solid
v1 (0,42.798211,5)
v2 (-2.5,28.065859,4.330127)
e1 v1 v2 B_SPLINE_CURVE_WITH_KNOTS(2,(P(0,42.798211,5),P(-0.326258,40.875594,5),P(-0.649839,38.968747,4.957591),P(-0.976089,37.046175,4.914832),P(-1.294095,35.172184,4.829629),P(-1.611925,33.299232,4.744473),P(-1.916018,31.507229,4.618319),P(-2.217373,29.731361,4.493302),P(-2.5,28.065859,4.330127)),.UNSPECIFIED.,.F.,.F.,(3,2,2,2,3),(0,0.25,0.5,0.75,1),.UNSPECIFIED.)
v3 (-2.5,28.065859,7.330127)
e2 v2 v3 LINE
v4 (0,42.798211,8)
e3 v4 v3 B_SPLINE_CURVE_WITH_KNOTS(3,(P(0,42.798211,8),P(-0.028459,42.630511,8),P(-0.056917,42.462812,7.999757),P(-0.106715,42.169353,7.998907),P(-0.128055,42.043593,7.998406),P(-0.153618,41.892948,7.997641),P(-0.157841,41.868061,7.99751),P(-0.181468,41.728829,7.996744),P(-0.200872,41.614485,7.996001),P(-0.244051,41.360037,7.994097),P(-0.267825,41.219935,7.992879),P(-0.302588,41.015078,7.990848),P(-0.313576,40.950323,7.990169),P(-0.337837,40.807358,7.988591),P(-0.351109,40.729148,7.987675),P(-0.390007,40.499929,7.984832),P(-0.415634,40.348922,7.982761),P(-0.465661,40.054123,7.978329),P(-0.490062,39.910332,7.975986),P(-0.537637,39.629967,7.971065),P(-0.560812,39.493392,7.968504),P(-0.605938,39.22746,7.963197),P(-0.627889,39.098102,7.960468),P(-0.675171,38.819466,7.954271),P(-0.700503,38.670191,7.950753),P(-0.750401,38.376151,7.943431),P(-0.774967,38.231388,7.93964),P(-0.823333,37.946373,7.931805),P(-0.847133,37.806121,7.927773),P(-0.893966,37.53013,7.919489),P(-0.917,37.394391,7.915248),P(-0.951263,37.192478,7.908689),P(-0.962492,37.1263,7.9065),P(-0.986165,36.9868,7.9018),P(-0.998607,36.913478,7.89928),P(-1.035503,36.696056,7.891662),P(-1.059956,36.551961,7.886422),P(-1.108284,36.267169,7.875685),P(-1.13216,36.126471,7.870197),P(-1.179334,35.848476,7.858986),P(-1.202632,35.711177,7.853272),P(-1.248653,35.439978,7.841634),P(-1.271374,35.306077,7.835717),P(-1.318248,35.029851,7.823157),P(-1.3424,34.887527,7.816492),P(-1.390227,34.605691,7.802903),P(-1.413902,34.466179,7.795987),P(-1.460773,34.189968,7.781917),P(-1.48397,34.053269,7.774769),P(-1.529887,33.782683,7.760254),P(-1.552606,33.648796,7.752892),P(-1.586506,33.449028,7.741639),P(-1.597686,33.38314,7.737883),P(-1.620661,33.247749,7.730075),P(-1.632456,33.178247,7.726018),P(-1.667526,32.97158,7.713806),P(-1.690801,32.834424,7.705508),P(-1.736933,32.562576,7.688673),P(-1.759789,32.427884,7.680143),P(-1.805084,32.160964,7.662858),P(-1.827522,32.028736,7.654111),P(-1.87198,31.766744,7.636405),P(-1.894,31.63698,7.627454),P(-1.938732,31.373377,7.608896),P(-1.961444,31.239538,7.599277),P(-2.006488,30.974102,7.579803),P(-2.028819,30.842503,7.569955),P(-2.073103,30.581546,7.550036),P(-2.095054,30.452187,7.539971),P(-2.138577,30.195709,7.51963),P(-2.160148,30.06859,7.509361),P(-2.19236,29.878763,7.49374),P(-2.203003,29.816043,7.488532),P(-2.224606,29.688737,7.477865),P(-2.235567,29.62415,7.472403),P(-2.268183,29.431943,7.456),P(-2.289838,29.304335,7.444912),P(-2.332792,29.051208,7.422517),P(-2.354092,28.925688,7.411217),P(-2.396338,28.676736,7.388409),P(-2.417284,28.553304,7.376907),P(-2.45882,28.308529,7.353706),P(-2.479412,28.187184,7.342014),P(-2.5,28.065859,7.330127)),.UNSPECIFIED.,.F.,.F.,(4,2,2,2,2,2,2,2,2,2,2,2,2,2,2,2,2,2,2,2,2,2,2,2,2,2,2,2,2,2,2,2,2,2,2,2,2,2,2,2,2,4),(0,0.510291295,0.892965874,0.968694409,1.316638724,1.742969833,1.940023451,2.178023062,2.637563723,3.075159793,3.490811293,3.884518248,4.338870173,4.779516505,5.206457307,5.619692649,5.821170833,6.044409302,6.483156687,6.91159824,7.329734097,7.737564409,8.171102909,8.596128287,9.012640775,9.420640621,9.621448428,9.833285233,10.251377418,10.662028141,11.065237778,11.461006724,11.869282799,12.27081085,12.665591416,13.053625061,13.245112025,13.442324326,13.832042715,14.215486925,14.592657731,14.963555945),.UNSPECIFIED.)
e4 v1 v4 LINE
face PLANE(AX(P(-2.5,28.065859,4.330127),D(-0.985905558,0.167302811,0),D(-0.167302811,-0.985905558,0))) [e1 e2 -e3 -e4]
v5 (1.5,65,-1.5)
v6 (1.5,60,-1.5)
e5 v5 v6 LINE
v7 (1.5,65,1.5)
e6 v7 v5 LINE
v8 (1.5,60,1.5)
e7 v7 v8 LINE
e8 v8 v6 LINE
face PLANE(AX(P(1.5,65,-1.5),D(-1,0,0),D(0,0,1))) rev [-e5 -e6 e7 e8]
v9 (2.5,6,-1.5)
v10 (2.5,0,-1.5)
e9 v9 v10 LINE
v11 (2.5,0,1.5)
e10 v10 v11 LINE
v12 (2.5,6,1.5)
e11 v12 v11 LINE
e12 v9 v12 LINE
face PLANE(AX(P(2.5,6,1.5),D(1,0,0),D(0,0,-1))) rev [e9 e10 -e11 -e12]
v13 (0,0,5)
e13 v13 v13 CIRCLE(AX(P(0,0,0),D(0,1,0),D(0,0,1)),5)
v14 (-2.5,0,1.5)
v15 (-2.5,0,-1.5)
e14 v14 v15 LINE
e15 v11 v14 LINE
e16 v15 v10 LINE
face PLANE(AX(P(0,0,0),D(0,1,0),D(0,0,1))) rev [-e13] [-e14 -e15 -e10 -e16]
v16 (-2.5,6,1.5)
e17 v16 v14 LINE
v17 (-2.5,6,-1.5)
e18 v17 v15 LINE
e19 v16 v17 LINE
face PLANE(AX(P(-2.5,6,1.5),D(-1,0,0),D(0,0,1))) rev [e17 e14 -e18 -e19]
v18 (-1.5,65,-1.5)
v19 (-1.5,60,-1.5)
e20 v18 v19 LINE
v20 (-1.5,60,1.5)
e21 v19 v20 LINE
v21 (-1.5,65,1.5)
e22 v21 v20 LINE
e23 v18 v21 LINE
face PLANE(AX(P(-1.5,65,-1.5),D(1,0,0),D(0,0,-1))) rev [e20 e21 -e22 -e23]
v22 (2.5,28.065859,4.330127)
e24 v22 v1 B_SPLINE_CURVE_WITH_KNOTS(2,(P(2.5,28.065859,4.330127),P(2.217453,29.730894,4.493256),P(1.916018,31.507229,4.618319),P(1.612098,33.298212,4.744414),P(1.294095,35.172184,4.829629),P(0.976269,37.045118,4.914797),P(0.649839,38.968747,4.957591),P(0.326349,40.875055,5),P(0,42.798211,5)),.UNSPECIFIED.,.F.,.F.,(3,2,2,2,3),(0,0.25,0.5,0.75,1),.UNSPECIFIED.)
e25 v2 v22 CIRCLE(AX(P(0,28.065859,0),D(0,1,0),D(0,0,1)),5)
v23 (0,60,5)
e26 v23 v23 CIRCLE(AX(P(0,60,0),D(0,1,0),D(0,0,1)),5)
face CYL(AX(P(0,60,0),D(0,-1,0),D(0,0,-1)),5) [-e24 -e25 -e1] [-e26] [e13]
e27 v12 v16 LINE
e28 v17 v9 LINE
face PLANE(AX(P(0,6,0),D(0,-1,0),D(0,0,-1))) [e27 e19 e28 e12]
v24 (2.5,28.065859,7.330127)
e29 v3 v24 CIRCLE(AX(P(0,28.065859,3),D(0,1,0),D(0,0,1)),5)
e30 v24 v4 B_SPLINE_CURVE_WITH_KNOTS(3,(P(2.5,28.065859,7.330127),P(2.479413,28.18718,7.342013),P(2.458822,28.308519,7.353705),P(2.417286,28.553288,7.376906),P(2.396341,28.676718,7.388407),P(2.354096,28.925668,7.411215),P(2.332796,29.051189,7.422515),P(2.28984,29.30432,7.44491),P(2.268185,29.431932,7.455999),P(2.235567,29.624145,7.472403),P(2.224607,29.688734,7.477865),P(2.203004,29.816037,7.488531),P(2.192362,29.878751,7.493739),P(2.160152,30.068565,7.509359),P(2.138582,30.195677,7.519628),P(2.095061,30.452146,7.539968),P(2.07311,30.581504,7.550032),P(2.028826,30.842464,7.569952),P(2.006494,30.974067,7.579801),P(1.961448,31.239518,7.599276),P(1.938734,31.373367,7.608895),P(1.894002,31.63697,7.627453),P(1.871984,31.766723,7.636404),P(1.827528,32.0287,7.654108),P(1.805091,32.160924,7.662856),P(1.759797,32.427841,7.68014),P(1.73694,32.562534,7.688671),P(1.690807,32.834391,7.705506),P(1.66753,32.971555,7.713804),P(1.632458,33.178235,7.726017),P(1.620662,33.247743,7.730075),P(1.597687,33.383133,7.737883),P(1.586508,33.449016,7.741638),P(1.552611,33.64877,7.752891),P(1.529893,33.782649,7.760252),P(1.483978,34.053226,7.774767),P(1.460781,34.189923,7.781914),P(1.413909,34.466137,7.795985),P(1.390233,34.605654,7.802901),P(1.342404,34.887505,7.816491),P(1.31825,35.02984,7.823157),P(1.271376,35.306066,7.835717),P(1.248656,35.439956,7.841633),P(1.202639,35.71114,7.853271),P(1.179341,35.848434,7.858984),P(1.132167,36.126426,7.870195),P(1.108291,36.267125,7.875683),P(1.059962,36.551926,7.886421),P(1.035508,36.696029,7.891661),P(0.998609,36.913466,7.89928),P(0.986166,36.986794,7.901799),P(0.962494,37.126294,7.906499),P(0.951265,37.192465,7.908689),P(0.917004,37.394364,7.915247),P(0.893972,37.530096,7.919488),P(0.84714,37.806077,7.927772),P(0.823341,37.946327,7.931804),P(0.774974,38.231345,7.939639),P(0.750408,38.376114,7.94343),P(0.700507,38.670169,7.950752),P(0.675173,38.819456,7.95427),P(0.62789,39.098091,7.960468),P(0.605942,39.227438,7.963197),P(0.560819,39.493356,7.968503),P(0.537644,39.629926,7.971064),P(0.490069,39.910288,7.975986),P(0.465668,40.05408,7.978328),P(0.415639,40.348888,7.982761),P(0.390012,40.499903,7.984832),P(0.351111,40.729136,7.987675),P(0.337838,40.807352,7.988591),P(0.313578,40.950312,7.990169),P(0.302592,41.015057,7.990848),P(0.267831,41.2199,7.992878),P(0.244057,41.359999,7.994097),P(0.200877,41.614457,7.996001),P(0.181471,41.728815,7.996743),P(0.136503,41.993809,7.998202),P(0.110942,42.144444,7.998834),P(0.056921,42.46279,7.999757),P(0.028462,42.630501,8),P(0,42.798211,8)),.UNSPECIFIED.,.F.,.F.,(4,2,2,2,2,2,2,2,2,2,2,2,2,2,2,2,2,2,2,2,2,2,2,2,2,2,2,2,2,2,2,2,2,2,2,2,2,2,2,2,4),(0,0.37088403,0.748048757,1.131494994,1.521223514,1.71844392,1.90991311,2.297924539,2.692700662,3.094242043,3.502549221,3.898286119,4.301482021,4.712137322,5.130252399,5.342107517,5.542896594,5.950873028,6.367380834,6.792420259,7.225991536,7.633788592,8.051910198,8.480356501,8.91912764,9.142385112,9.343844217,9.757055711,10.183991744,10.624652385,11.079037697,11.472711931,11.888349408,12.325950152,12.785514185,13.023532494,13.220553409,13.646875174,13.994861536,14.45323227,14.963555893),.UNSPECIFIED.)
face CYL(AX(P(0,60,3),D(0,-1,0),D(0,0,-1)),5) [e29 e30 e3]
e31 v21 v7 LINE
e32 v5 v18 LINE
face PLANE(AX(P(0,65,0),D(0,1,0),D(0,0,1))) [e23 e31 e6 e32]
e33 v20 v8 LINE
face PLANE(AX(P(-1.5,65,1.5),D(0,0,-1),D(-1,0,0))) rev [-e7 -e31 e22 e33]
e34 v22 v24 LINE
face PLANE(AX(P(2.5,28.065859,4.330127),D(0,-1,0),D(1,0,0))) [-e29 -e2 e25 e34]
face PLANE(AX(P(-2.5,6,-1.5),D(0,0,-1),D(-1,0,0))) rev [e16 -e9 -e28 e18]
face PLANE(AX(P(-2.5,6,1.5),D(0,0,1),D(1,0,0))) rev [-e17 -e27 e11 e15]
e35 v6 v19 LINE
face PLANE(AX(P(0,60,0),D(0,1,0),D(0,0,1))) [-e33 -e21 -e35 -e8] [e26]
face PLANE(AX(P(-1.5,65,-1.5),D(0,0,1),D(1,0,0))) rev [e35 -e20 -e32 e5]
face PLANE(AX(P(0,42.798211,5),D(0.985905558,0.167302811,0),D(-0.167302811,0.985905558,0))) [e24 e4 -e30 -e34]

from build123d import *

# Parameters (mm, degrees)
SKETCH1_R                  = 5
BOSS_EXTRUDE1_DEPTH        = 60
SKETCH2_W                  = 5
SKETCH2_H                  = 3
CUT_EXTRUDE1_DEPTH         = 6
BOSS_EXTRUDE2_REACH        = 65.415
BOSS_EXTRUDE2_START_RADIUS = 5
BOSS_EXTRUDE2_END_RADIUS   = 5
SKETCH4_W                  = 3
SKETCH4_H                  = 3
BOSS_EXTRUDE3_DEPTH        = 5


with BuildPart() as part:
    # Sketch1 → Boss-Extrude1 (new body)
    with BuildSketch(Plane(origin=(0, 0, 0), x_dir=(1, 0, 0), z_dir=(0, 1, 0))):
        Circle(SKETCH1_R)
    extrude(amount=BOSS_EXTRUDE1_DEPTH)

    # Sketch2 → Cut-Extrude1 (cut)
    with BuildSketch(Plane.XZ):
        Rectangle(SKETCH2_W, SKETCH2_H)
    extrude(amount=-CUT_EXTRUDE1_DEPTH, mode=Mode.SUBTRACT)

    # Boss-Extrude2: from a cylinder face, 65.415 long prism both ways, kept between that surface and its translate by the depth
    boss_extrude2_start = Plane(origin=(0, 32.976643, 0), z_dir=(0, -1, 0)) * Cylinder(BOSS_EXTRUDE2_START_RADIUS, 141.83, mode=Mode.PRIVATE)
    boss_extrude2_end = Plane(origin=(0, 32.976643, 3), z_dir=(0, -1, 0)) * Cylinder(BOSS_EXTRUDE2_END_RADIUS, 141.83, mode=Mode.PRIVATE)
    # Sketch3 → Boss-Extrude2 (add, from a surface)
    with BuildSketch(Plane.XY, mode=Mode.PRIVATE) as boss_extrude2_sk1:
        Polygon((0, 42.798210841), (-2.5, 28.065858852), (2.5, 28.065858852), align=None)
    boss_extrude2_tool1 = extrude(boss_extrude2_sk1.sketch, amount=BOSS_EXTRUDE2_REACH, both=True, mode=Mode.PRIVATE)
    add(((boss_extrude2_tool1 - boss_extrude2_start) & boss_extrude2_end).solids().sort_by_distance((0, 60, 5))[0])

    # Sketch4 → Boss-Extrude3 (add)
    with BuildSketch(Plane(origin=(0, 60, 0), x_dir=(1, 0, 0), z_dir=(0, 1, 0))):
        Rectangle(SKETCH4_W, SKETCH4_H)
    extrude(amount=BOSS_EXTRUDE3_DEPTH)


solid = part.part
